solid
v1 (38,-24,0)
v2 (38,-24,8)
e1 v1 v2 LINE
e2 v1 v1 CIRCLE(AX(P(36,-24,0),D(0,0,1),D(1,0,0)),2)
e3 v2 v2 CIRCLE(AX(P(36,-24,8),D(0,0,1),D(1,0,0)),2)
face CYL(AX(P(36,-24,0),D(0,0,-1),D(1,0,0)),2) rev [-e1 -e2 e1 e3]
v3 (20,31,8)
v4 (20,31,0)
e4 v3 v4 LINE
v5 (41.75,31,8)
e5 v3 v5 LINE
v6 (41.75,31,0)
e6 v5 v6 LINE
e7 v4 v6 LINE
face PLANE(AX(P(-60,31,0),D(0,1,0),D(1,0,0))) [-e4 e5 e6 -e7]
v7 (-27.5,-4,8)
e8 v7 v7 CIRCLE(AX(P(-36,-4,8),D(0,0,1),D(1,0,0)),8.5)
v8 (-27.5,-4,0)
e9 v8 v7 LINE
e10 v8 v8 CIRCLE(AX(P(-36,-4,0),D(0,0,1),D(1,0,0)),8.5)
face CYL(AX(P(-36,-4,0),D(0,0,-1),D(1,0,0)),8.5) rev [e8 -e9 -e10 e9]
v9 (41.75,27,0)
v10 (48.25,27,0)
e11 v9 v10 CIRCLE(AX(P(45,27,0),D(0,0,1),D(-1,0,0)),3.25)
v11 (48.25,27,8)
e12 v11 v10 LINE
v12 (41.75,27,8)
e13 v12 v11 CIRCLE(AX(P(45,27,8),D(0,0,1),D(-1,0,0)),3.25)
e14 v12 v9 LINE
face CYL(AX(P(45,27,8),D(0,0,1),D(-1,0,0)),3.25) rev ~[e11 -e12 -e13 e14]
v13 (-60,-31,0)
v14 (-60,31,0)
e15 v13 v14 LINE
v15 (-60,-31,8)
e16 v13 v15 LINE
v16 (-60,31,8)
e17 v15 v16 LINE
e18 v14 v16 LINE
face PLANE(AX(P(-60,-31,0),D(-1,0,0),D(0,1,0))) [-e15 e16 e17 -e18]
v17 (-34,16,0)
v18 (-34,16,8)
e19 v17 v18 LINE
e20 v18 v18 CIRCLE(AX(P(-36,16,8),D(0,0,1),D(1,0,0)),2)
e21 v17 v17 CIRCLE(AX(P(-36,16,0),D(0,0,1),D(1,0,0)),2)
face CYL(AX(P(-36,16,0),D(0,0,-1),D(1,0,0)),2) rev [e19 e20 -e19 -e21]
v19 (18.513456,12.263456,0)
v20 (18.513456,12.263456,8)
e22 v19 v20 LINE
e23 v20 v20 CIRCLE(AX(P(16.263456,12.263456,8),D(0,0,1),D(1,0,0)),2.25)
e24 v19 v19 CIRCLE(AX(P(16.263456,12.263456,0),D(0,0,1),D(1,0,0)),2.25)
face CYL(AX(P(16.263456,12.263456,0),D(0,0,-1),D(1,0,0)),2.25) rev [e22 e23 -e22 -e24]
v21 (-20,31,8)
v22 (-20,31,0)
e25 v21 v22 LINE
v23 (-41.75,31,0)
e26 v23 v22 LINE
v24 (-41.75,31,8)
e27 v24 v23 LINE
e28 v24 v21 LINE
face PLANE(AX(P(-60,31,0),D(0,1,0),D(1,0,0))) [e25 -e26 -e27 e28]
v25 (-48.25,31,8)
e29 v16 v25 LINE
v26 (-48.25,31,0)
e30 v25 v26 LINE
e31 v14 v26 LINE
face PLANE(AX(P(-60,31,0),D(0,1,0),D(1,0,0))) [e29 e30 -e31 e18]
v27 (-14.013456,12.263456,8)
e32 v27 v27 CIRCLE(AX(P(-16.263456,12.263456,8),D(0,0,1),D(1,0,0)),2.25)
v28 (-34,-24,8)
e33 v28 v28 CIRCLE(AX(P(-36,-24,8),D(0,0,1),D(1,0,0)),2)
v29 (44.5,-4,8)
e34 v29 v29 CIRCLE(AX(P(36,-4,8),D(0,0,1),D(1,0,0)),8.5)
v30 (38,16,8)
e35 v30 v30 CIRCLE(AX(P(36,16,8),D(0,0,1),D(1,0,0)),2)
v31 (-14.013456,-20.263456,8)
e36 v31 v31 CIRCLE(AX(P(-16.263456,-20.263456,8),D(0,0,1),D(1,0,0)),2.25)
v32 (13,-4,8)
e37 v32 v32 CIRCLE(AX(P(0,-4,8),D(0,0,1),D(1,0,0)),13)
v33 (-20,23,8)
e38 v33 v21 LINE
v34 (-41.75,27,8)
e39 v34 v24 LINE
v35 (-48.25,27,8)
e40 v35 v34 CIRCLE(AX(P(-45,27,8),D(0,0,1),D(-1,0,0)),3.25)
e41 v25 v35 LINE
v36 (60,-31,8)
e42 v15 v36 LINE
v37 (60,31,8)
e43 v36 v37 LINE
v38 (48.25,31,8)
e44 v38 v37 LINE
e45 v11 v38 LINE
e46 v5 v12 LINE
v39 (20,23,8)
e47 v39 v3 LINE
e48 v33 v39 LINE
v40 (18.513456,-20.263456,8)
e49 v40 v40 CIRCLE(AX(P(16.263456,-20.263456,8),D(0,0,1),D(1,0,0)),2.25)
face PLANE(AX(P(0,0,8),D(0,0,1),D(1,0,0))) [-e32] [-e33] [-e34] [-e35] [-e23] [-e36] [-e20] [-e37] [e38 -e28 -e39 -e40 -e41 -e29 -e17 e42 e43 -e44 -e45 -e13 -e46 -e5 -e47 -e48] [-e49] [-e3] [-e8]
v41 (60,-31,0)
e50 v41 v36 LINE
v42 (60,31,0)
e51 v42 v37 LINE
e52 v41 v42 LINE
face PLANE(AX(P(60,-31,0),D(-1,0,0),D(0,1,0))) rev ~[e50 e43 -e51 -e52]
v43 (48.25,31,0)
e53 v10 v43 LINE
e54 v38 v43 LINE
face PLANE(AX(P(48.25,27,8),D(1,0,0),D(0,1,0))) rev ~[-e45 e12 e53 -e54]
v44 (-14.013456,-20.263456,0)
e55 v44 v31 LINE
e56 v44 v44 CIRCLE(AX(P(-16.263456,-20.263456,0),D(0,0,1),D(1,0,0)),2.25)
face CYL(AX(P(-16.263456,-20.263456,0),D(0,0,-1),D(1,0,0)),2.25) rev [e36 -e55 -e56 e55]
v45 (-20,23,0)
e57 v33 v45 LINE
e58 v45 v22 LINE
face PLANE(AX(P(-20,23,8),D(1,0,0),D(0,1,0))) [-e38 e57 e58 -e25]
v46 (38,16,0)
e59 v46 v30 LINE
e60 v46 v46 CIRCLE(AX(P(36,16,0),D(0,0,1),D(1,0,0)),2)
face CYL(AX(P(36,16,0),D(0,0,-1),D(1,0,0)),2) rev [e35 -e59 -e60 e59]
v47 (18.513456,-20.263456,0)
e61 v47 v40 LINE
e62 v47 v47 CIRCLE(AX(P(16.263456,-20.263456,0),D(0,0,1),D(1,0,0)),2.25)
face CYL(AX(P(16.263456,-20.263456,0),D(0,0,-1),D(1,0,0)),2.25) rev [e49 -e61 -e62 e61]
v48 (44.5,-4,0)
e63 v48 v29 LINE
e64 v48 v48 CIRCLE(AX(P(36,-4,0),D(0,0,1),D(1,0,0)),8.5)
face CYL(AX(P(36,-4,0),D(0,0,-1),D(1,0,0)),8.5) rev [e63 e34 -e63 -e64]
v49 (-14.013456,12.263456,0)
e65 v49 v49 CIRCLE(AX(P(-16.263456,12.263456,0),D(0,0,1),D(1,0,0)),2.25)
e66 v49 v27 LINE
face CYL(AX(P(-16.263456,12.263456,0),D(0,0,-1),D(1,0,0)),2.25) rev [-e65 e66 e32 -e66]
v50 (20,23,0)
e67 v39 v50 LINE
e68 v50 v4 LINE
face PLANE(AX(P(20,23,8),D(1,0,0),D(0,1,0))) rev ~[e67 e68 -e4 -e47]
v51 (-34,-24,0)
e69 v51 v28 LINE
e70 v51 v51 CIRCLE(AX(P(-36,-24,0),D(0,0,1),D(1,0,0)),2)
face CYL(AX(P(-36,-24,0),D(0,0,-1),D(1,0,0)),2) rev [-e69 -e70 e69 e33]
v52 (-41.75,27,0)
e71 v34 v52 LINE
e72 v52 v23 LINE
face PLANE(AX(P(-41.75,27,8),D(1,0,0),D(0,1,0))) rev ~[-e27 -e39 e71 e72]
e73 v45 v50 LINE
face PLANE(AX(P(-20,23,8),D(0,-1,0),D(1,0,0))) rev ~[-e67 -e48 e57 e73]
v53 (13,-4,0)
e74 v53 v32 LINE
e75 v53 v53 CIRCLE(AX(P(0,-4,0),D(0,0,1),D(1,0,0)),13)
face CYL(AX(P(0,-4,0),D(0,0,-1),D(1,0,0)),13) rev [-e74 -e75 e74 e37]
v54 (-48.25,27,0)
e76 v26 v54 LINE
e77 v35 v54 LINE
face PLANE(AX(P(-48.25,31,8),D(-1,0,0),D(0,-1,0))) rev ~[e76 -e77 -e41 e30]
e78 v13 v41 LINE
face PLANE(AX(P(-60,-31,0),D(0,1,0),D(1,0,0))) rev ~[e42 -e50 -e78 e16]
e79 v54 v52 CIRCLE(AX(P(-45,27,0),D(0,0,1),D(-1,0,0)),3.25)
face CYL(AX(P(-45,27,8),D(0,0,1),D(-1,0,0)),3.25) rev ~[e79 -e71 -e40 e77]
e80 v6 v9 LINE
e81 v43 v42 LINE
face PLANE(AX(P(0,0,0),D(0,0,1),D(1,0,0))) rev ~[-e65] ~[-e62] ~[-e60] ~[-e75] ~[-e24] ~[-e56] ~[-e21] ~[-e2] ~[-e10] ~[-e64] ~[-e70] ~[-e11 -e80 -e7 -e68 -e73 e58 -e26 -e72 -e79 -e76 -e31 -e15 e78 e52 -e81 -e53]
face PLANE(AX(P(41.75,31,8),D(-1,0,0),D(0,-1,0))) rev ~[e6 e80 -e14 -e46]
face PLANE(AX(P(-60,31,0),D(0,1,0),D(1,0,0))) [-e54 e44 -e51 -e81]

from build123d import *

# Parameters (mm, degrees)
F0_W     = 120
F0_H     = 62
F0_R     = 2
F0_R_2   = 2.25
F0_R_3   = 8.5
F0_R_4   = 13
F1_DEPTH = 8
F2_W     = 40
F2_H     = 8
F3_DEPTH = 8.001


with BuildPart() as f1:
    # F0 (on Top) → F1 (new body)
    with BuildSketch(Plane.XY):
        Rectangle(F0_W, F0_H)
        with Locations((-36, -24)):
            Circle(F0_R, mode=Mode.SUBTRACT)
        with Locations((-16.263456, -20.263456)):
            Circle(F0_R_2, mode=Mode.SUBTRACT)
        with Locations((-36, -4)):
            Circle(F0_R_3, mode=Mode.SUBTRACT)
        with Locations((16.263456, -20.263456)):
            Circle(F0_R_2, mode=Mode.SUBTRACT)
        with Locations((36, -24)):
            Circle(F0_R, mode=Mode.SUBTRACT)
        with Locations((0, -4)):
            Circle(F0_R_4, mode=Mode.SUBTRACT)
        with Locations((36, -4)):
            Circle(F0_R_3, mode=Mode.SUBTRACT)
        with Locations((-16.263456, 12.263456)):
            Circle(F0_R_2, mode=Mode.SUBTRACT)
        with Locations((-36, 16)):
            Circle(F0_R, mode=Mode.SUBTRACT)
        with Locations((16.263456, 12.263456)):
            Circle(F0_R_2, mode=Mode.SUBTRACT)
        with Locations((36, 16)):
            Circle(F0_R, mode=Mode.SUBTRACT)
    extrude(amount=F1_DEPTH)

    # F2 (on face) → F3 (cut, through all)
    with BuildSketch(Plane.XY.offset(8)):
        with Locations((0, 27)):
            Rectangle(F2_W, F2_H)
        with BuildLine():
            Line((-48.25, 31), (-48.25, 27))
            ThreePointArc((-48.25, 27), (-45, 23.75), (-41.75, 27))
            Line((-41.75, 27), (-41.75, 31))
            Line((-41.75, 31), (-48.25, 31))
        make_face()
        with BuildLine():
            Line((41.75, 31), (41.75, 27))
            ThreePointArc((41.75, 27), (45, 23.75), (48.25, 27))
            Line((48.25, 27), (48.25, 31))
            Line((48.25, 31), (41.75, 31))
        make_face()
    extrude(amount=-F3_DEPTH, mode=Mode.SUBTRACT)


solid = f1.part
